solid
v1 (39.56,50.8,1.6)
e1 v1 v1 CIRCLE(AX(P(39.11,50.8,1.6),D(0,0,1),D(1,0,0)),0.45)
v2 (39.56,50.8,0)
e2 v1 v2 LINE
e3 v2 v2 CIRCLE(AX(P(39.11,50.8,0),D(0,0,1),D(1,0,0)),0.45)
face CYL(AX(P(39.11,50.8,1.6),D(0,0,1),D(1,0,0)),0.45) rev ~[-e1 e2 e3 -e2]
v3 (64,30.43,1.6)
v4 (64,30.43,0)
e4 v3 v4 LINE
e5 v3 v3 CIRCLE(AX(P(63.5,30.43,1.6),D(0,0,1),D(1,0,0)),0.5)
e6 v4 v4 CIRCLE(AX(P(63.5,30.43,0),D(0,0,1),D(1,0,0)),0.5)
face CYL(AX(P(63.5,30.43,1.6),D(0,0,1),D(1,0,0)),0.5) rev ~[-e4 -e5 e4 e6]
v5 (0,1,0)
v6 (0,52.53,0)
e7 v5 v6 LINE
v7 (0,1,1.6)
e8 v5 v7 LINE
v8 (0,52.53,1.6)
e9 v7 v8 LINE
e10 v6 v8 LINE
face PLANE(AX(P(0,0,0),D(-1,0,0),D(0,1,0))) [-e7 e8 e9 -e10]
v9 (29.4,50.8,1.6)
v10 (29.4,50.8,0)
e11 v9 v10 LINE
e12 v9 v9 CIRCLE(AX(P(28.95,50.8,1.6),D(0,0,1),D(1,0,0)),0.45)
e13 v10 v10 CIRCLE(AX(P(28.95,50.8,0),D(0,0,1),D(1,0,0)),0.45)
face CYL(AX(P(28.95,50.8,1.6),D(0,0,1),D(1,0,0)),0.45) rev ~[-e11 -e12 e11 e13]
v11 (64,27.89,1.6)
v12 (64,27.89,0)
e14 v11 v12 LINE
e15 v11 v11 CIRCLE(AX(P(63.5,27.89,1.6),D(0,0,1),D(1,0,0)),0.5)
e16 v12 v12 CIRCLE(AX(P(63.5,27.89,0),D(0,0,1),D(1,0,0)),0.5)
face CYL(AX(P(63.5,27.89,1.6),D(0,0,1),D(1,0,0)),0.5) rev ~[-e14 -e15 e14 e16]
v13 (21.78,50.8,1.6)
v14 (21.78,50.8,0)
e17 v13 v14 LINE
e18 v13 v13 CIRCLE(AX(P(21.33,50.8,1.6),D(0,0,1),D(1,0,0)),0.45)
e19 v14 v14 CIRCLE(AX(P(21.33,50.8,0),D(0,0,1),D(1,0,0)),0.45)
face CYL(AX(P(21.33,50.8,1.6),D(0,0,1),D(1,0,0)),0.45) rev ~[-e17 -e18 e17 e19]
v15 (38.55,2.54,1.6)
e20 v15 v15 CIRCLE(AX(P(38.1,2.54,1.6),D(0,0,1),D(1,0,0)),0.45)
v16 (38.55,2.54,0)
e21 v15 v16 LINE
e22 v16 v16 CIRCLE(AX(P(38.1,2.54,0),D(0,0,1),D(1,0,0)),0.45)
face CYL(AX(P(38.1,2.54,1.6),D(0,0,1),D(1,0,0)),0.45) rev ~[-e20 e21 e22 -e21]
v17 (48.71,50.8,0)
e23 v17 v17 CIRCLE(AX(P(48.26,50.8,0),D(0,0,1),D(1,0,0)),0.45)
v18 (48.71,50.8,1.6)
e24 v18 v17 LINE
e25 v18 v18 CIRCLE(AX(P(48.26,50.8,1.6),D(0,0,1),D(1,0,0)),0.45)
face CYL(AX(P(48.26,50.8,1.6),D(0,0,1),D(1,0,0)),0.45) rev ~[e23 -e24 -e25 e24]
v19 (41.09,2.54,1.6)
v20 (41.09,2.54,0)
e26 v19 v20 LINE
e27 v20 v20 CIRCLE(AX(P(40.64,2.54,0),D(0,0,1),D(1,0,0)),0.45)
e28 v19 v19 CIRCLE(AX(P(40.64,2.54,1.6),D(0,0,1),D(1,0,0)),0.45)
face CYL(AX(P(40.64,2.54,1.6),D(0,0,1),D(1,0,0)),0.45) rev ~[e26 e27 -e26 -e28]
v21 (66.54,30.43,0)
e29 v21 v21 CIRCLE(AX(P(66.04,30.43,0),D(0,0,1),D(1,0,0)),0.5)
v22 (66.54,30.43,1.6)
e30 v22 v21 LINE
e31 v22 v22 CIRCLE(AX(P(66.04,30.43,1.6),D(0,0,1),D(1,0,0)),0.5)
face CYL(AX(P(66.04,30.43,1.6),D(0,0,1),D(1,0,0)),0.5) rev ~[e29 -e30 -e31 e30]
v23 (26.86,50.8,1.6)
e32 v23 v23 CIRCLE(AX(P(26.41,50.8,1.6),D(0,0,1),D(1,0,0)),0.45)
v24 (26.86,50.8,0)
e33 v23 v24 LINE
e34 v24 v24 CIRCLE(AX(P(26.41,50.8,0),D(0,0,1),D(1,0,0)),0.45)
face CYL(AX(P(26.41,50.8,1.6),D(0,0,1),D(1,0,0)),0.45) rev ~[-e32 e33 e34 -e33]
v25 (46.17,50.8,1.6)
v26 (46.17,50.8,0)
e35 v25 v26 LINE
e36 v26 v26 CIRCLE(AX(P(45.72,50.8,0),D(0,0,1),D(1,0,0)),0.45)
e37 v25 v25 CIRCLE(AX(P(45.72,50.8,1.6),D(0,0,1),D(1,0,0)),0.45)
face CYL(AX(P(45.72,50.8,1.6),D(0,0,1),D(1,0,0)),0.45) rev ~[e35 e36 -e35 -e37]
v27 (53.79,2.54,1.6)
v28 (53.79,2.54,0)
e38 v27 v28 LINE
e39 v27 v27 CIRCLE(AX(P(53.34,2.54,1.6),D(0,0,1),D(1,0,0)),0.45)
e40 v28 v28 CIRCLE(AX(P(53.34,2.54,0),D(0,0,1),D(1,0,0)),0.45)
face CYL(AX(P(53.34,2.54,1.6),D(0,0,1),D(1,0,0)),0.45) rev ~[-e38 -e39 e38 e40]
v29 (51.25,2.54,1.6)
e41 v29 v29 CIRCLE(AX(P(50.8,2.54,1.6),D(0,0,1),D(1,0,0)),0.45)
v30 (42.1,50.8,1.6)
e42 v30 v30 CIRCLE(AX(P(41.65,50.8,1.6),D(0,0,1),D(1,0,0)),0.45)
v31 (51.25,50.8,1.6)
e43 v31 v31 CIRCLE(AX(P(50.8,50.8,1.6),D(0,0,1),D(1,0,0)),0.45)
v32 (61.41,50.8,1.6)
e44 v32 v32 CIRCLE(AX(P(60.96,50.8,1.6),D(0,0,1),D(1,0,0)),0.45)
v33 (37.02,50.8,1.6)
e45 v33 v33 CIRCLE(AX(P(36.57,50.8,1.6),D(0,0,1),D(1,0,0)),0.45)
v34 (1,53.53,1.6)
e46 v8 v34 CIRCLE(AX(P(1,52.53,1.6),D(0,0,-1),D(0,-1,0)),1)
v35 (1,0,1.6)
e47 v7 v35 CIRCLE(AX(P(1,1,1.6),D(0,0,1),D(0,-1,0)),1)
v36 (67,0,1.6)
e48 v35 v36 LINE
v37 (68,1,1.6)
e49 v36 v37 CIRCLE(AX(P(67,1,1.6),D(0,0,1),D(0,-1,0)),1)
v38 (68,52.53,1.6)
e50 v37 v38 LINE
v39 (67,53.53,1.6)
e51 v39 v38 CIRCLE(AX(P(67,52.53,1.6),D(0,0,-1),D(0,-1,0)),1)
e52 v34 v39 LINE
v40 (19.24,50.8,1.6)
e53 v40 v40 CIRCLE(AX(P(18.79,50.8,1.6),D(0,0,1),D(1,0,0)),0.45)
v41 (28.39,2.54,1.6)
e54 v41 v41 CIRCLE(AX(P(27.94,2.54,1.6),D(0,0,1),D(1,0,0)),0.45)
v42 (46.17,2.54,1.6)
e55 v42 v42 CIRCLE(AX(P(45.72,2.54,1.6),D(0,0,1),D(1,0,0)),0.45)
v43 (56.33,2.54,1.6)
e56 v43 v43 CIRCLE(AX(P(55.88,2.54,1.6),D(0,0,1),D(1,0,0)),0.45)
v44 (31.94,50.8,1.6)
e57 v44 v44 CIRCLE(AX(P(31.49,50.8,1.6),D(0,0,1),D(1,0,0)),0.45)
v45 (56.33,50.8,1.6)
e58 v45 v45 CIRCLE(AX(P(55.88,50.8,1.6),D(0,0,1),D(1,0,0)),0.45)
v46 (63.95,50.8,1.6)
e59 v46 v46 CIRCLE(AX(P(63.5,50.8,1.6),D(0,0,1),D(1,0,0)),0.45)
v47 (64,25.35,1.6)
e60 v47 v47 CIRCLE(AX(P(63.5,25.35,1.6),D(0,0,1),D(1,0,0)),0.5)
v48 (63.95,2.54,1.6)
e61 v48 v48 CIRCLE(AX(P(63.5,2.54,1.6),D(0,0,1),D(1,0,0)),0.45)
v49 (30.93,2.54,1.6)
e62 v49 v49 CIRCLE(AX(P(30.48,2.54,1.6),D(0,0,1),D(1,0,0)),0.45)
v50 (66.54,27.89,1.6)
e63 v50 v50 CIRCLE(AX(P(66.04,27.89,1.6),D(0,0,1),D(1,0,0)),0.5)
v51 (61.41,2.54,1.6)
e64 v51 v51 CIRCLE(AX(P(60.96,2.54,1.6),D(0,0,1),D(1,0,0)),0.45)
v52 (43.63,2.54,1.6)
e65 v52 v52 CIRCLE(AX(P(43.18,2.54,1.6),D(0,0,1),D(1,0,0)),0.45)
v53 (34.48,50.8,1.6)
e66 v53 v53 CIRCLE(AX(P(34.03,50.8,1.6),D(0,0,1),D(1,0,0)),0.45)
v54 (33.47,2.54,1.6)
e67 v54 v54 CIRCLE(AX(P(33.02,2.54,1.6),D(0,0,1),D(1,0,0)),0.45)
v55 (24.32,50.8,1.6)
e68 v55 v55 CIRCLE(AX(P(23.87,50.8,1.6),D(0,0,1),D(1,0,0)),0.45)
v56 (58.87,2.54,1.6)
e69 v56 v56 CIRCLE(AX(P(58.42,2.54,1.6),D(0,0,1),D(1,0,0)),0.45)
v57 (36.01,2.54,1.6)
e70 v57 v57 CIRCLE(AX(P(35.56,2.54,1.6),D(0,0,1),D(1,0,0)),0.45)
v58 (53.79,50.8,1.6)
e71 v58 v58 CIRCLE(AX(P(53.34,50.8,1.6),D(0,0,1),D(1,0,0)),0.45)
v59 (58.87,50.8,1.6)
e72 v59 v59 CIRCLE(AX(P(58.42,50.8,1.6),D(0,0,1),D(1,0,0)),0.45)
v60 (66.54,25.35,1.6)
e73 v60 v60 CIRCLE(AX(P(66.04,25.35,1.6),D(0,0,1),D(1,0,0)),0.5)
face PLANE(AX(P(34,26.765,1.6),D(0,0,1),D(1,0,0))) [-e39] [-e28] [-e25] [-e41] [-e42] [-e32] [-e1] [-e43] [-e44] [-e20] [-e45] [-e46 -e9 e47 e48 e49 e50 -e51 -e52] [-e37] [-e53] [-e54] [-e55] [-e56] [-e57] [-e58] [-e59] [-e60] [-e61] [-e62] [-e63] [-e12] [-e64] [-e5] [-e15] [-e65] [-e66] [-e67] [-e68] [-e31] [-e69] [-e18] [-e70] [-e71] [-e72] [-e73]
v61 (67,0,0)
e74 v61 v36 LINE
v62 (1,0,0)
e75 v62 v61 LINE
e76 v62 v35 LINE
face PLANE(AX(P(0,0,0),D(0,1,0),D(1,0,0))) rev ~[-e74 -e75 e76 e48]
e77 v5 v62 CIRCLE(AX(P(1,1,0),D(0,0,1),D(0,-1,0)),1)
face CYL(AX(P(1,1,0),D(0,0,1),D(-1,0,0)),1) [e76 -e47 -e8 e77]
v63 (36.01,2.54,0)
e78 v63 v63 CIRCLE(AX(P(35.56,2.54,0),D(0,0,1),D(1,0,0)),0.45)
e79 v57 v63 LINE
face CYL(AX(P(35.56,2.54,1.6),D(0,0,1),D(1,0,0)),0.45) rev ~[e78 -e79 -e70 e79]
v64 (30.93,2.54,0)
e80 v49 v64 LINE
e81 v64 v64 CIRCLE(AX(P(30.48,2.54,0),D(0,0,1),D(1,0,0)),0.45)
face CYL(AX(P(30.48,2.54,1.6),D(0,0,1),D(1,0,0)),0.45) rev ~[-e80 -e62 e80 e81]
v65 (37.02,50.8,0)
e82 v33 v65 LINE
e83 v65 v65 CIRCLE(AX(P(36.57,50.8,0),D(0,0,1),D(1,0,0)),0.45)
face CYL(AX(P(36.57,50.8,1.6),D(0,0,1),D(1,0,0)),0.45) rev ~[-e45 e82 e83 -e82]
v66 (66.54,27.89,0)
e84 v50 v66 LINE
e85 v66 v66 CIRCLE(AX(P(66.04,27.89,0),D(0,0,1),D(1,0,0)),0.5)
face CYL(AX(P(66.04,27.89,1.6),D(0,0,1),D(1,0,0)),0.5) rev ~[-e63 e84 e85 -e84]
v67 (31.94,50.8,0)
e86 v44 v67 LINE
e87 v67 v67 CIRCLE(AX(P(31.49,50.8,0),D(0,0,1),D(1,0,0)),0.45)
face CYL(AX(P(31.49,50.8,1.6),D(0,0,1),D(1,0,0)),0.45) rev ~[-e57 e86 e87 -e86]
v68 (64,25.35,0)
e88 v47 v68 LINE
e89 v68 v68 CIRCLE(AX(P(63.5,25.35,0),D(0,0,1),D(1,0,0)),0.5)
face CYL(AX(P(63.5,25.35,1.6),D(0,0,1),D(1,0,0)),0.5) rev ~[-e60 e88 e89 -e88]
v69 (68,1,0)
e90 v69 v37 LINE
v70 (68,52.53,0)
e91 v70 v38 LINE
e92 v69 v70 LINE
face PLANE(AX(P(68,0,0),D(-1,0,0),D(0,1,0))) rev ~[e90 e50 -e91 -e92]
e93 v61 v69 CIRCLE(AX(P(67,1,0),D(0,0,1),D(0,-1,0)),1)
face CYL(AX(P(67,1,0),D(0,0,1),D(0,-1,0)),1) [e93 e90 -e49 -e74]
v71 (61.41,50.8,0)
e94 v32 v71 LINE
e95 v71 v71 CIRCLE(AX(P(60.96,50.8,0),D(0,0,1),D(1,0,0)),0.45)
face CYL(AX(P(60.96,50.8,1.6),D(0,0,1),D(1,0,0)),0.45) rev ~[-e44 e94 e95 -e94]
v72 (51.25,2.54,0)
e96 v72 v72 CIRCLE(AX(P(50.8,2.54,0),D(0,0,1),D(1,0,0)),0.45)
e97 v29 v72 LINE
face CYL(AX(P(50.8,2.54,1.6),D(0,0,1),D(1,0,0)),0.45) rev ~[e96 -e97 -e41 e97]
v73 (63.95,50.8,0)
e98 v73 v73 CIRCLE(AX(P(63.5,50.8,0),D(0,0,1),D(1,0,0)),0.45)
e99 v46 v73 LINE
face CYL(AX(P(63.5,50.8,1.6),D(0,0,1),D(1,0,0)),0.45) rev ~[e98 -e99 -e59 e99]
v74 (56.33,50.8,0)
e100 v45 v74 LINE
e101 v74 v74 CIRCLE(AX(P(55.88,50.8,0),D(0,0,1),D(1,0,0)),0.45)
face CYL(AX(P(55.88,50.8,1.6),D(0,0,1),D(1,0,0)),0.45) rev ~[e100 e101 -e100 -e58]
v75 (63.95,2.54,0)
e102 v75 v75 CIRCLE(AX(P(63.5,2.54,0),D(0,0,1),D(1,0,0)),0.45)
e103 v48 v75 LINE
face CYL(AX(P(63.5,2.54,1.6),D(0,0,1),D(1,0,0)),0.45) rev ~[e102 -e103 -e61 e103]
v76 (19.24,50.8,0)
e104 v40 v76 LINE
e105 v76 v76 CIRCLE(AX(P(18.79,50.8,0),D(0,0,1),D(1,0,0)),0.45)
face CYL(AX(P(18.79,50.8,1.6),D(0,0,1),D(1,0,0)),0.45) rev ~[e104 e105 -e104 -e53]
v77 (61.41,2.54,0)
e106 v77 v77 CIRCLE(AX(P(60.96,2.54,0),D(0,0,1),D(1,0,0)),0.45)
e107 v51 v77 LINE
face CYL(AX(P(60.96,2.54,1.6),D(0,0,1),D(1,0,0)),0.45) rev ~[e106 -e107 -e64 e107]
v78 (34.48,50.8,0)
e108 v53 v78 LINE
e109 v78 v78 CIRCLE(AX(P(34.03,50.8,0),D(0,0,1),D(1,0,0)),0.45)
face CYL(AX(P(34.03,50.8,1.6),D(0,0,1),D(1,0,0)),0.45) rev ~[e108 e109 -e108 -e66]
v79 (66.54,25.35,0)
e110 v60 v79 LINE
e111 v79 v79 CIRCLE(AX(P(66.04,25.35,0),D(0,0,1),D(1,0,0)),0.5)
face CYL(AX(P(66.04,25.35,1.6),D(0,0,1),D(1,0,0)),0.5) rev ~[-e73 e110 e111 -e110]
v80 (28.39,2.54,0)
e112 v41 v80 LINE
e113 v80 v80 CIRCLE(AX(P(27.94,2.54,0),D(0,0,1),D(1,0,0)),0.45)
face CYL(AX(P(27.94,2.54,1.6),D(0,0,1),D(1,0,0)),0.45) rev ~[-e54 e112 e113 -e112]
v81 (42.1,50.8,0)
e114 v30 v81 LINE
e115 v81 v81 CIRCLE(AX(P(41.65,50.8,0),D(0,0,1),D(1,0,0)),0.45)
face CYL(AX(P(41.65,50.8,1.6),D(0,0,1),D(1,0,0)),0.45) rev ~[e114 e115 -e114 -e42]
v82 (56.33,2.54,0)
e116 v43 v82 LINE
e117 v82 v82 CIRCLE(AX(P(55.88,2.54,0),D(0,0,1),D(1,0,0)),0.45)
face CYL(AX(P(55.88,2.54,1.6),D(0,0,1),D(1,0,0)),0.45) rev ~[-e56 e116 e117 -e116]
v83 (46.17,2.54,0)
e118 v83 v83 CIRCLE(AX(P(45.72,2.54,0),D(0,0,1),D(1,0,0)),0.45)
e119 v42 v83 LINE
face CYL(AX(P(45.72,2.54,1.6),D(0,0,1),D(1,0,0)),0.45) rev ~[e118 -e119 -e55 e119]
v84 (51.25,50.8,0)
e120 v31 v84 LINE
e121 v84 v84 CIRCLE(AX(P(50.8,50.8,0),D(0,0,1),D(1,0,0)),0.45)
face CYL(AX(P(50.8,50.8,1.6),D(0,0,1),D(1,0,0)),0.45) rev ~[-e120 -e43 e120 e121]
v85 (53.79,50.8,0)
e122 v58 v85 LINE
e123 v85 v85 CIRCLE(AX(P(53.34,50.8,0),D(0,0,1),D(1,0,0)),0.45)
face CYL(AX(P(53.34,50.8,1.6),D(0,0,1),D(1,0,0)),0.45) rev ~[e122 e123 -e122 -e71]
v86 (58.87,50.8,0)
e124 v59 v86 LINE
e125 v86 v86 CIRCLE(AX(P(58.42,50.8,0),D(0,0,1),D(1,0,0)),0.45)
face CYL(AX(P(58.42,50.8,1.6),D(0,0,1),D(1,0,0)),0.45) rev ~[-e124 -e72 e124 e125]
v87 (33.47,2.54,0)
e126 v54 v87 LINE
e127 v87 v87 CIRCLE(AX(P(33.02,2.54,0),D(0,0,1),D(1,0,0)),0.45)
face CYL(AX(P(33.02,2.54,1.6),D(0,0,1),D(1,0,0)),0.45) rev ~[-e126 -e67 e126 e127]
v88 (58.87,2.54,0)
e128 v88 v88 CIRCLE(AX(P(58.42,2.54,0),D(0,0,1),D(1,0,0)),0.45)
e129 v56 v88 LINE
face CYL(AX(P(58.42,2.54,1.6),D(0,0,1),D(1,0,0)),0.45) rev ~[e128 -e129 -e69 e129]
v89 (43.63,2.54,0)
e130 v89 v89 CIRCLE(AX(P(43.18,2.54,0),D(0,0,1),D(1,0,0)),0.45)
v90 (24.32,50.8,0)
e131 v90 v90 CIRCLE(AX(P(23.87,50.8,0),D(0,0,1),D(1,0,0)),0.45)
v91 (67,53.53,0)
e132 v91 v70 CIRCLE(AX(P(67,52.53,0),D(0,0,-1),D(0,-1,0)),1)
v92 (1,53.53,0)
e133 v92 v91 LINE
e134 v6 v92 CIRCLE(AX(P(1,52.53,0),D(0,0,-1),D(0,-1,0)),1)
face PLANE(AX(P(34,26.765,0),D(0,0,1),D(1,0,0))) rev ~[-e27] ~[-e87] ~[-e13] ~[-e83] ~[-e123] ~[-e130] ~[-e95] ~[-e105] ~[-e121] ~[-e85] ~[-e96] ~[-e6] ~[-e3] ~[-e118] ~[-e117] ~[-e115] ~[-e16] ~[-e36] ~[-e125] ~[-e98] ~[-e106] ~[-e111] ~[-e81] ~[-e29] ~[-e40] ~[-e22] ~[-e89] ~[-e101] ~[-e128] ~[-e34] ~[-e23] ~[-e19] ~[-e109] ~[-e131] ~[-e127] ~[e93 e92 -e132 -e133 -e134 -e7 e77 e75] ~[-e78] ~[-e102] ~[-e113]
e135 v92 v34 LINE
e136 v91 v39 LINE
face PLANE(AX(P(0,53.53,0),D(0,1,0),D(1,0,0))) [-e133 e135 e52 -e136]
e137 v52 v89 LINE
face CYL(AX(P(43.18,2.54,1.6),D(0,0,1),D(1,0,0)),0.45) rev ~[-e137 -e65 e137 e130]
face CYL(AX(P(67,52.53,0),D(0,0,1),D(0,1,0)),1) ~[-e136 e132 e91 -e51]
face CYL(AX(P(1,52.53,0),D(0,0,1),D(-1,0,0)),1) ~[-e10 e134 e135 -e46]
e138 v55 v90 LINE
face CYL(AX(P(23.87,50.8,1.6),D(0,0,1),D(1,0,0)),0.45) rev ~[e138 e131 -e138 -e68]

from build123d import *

# Parameters (mm, degrees)
SKIZZE1_W                       = 68
SKIZZE1_H                       = 53.53
AUFSATZ_LINEAR_AUSTRAGEN1_DEPTH = 1.6
SKIZZE2_R                       = 0.45
SKIZZE2_R_2                     = 0.5
SCHNITT_LINEAR_AUSTRAGEN1_DEPTH = 1.6
VERRUNDUNG1_R                   = 1


with BuildPart() as part:
    # Skizze1 → Aufsatz-Linear austragen1 (new body)
    with BuildSketch(Plane.XY):
        with Locations((34, 26.765)):
            Rectangle(SKIZZE1_W, SKIZZE1_H)
    extrude(amount=AUFSATZ_LINEAR_AUSTRAGEN1_DEPTH)

    # Skizze2 → Schnitt-Linear austragen1 (cut)
    with BuildSketch(Plane.XY.offset(1.6)):
        with Locations((45.72, 2.54)):
            Circle(SKIZZE2_R)
        with Locations((63.5, 2.54)):
            Circle(SKIZZE2_R)
        with Locations((63.5, 50.8)):
            Circle(SKIZZE2_R)
        with Locations((41.65, 50.8)):
            Circle(SKIZZE2_R)
        with Locations((43.18, 2.54)):
            Circle(SKIZZE2_R)
        with Locations((40.64, 2.54)):
            Circle(SKIZZE2_R)
        with Locations((38.1, 2.54)):
            Circle(SKIZZE2_R)
        with Locations((35.56, 2.54)):
            Circle(SKIZZE2_R)
        with Locations((33.02, 2.54)):
            Circle(SKIZZE2_R)
        with Locations((60.96, 2.54)):
            Circle(SKIZZE2_R)
        with Locations((58.42, 2.54)):
            Circle(SKIZZE2_R)
        with Locations((55.88, 2.54)):
            Circle(SKIZZE2_R)
        with Locations((53.34, 2.54)):
            Circle(SKIZZE2_R)
        with Locations((50.8, 2.54)):
            Circle(SKIZZE2_R)
        with Locations((30.48, 2.54)):
            Circle(SKIZZE2_R)
        with Locations((27.94, 2.54)):
            Circle(SKIZZE2_R)
        with Locations((39.11, 50.8)):
            Circle(SKIZZE2_R)
        with Locations((36.57, 50.8)):
            Circle(SKIZZE2_R)
        with Locations((34.03, 50.8)):
            Circle(SKIZZE2_R)
        with Locations((31.49, 50.8)):
            Circle(SKIZZE2_R)
        with Locations((28.95, 50.8)):
            Circle(SKIZZE2_R)
        with Locations((26.41, 50.8)):
            Circle(SKIZZE2_R)
        with Locations((23.87, 50.8)):
            Circle(SKIZZE2_R)
        with Locations((21.33, 50.8)):
            Circle(SKIZZE2_R)
        with Locations((18.79, 50.8)):
            Circle(SKIZZE2_R)
        with Locations((60.96, 50.8)):
            Circle(SKIZZE2_R)
        with Locations((58.42, 50.8)):
            Circle(SKIZZE2_R)
        with Locations((55.88, 50.8)):
            Circle(SKIZZE2_R)
        with Locations((53.34, 50.8)):
            Circle(SKIZZE2_R)
        with Locations((50.8, 50.8)):
            Circle(SKIZZE2_R)
        with Locations((48.26, 50.8)):
            Circle(SKIZZE2_R)
        with Locations((45.72, 50.8)):
            Circle(SKIZZE2_R)
        with Locations((63.5, 25.35)):
            Circle(SKIZZE2_R_2)
        with Locations((63.5, 27.89)):
            Circle(SKIZZE2_R_2)
        with Locations((63.5, 30.43)):
            Circle(SKIZZE2_R_2)
        with Locations((66.04, 30.43)):
            Circle(SKIZZE2_R_2)
        with Locations((66.04, 25.35)):
            Circle(SKIZZE2_R_2)
        with Locations((66.04, 27.89)):
            Circle(SKIZZE2_R_2)
    extrude(amount=-SCHNITT_LINEAR_AUSTRAGEN1_DEPTH, mode=Mode.SUBTRACT)

    # Verrundung1
    verrundung1_edges = [part.edges().sort_by_distance(p)[0] for p in [
        (0, 53.53, 0.8),
        (68, 53.53, 0.8),
        (68, 0, 0.8),
        (0, 0, 0.8),
    ]]
    fillet(verrundung1_edges, radius=VERRUNDUNG1_R)


solid = part.part
